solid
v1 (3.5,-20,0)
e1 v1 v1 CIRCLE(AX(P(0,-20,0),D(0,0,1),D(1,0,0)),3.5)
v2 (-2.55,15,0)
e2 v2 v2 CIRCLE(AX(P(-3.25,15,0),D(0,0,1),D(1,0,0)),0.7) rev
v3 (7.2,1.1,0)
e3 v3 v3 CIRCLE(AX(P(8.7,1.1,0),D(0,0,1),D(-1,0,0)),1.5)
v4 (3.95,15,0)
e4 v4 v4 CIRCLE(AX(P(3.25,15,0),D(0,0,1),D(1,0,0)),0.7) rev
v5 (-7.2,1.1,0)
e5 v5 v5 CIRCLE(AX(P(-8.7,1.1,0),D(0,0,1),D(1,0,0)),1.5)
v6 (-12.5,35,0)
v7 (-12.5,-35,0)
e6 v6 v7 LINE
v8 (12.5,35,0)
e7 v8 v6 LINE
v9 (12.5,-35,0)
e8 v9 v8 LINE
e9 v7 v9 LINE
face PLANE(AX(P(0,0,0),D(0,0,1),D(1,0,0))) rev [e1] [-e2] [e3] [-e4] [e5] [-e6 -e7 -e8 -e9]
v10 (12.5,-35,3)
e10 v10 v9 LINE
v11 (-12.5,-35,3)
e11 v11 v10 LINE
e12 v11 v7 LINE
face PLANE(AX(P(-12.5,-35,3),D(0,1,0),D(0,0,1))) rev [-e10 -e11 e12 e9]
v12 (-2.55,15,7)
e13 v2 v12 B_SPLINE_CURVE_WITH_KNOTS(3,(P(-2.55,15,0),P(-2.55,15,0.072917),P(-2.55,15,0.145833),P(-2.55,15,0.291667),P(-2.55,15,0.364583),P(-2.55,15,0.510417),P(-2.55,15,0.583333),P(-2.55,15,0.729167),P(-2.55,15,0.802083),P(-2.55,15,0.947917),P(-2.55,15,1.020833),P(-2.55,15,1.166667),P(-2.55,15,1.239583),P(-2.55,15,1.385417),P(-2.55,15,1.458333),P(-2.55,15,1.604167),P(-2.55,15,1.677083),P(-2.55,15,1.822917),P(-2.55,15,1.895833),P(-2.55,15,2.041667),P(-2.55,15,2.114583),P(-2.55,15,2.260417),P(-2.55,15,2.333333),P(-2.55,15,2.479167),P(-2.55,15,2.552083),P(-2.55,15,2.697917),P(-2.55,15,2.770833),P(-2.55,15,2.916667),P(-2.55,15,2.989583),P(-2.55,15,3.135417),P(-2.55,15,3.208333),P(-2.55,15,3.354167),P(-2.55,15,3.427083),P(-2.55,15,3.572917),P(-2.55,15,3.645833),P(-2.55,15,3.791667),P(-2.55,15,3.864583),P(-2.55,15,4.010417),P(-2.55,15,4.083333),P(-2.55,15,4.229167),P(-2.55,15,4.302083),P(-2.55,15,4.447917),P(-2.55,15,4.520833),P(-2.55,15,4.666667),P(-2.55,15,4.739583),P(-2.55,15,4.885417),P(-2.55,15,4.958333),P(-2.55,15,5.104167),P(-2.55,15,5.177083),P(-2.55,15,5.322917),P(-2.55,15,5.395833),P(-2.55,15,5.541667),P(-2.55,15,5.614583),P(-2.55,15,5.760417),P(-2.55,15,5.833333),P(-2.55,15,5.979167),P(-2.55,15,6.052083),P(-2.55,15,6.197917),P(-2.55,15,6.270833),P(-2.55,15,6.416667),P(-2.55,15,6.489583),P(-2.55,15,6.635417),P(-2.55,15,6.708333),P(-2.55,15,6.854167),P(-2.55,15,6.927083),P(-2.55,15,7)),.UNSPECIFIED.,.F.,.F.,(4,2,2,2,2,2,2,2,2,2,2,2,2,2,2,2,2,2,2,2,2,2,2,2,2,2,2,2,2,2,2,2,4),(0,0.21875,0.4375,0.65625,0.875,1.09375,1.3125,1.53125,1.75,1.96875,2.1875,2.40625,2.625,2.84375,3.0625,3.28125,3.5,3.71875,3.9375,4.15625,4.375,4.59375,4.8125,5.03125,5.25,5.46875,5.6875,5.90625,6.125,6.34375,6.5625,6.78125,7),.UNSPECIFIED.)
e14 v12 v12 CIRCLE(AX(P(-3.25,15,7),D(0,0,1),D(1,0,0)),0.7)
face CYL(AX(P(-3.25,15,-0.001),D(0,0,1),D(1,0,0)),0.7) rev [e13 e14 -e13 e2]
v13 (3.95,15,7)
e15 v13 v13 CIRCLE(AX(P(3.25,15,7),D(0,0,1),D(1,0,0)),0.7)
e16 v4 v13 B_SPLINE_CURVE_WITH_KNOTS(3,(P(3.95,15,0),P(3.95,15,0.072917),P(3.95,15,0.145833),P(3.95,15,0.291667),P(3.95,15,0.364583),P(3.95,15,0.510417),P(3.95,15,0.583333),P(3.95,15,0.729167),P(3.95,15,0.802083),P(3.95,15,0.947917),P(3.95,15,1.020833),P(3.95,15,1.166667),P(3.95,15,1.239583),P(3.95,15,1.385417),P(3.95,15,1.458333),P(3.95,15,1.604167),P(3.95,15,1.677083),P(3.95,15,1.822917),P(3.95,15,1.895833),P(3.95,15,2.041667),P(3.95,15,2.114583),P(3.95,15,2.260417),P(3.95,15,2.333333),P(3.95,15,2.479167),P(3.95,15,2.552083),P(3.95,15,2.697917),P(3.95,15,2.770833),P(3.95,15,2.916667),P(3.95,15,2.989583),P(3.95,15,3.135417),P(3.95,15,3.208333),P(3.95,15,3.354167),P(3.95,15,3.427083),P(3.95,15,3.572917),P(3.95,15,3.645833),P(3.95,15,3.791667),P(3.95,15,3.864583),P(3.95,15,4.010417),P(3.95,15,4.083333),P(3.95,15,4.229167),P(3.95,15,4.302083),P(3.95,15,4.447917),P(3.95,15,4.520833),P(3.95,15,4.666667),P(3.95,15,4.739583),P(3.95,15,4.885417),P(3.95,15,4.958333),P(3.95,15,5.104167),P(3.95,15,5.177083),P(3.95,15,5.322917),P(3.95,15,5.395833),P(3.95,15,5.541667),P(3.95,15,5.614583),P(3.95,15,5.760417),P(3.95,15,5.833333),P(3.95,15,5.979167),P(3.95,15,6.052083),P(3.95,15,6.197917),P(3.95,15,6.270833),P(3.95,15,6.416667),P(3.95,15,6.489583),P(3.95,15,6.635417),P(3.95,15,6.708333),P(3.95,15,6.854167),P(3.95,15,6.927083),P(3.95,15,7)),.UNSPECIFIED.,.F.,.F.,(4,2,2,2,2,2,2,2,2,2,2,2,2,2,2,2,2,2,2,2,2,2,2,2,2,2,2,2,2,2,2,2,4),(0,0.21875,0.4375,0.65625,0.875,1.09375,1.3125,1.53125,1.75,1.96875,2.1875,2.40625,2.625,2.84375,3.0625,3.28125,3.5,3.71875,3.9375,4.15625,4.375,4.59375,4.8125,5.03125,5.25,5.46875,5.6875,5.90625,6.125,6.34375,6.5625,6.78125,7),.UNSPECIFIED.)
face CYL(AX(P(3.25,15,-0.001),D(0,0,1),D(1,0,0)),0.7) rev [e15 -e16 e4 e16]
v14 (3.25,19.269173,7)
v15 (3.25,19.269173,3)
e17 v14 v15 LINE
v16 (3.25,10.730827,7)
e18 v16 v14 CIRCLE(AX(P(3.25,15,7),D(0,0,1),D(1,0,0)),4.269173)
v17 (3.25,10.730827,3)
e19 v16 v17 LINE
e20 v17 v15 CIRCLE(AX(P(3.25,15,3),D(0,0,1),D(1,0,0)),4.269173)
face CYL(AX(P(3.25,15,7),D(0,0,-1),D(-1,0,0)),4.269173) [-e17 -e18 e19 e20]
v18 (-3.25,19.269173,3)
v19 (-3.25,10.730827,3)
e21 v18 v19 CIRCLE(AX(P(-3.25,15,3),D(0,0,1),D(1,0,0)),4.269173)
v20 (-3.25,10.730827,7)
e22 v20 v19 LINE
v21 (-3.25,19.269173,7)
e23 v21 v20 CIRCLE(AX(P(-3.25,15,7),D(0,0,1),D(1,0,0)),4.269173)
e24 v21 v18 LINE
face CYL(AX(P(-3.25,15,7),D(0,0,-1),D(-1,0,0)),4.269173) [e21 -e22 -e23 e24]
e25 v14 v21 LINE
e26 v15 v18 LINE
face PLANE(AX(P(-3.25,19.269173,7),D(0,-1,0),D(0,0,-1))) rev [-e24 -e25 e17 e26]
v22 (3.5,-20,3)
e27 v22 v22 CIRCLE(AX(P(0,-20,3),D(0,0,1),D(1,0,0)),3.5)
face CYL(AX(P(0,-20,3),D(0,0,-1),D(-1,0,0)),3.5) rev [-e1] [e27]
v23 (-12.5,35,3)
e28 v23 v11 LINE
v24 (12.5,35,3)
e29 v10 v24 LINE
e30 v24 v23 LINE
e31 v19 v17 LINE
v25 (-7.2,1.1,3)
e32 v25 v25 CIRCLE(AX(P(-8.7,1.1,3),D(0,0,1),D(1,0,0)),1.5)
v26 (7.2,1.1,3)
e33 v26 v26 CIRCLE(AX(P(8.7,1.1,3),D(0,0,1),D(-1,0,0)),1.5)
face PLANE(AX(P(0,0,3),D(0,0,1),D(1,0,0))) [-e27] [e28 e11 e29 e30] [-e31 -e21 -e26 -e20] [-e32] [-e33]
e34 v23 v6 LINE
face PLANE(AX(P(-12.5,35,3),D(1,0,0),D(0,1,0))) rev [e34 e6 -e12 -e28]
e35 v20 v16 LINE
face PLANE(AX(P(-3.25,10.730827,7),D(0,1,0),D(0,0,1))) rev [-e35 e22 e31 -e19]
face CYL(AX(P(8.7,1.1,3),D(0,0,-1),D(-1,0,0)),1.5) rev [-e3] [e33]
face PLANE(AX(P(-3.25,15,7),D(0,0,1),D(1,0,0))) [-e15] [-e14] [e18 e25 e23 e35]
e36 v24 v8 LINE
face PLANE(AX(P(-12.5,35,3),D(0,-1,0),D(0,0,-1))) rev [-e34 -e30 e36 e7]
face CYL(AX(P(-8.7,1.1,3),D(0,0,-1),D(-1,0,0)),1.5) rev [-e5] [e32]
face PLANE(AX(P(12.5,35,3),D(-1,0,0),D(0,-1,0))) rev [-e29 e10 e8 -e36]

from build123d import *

# Parameters (mm, degrees)
SKETCH1_W           = 25
SKETCH1_H           = 70
SKETCH1_R           = 1.5
SKETCH1_R_2         = 3.5
BOSS_EXTRUDE1_DEPTH = 3
CUT_EXTRUDE1_REACH  = 39.286
SKETCH3_R           = 0.7
BOSS_EXTRUDE2_START = 4
SKETCH4_R           = 0.7
BOSS_EXTRUDE2_DEPTH = 4


with BuildPart() as part:
    # Sketch1 → Boss-Extrude1 (new body)
    with BuildSketch(Plane.XY):
        Rectangle(SKETCH1_W, SKETCH1_H)
        with Locations((-8.7, 1.1)):
            Circle(SKETCH1_R, mode=Mode.SUBTRACT)
        with Locations((0, -20)):
            Circle(SKETCH1_R_2, mode=Mode.SUBTRACT)
        with Locations(Location((8.7, 1.1, 0), (0, 0, 180))):
            Circle(SKETCH1_R, mode=Mode.SUBTRACT)
    extrude(amount=BOSS_EXTRUDE1_DEPTH)

    # Sketch3 → Cut-Extrude1 (cut, up to next)
    with BuildSketch(Plane.XY.offset(3), mode=Mode.PRIVATE) as cut_extrude1_sk1:
        with Locations((-3.25, 15)):
            Circle(SKETCH3_R)
    cut_extrude1_tool1 = extrude(cut_extrude1_sk1.sketch, amount=-CUT_EXTRUDE1_REACH, mode=Mode.PRIVATE) & part.part
    # Sketch3 → Cut-Extrude1 (cut, up to next)
    with BuildSketch(Plane.XY.offset(3), mode=Mode.PRIVATE) as cut_extrude1_sk2:
        with Locations((3.25, 15)):
            Circle(SKETCH3_R)
    cut_extrude1_tool2 = extrude(cut_extrude1_sk2.sketch, amount=-CUT_EXTRUDE1_REACH, mode=Mode.PRIVATE) & part.part
    add(cut_extrude1_tool1.solids().sort_by_distance((-3.25, 15, 3))[0], mode=Mode.SUBTRACT)
    add(cut_extrude1_tool2.solids().sort_by_distance((3.25, 15, 3))[0], mode=Mode.SUBTRACT)

    # Sketch4 → Boss-Extrude2 (add)
    with BuildSketch(Plane.XY.offset(3).offset(BOSS_EXTRUDE2_START)):
        with BuildLine():
            Line((-3.25, 19.269172648), (3.25, 19.269172648))
            ThreePointArc((3.25, 19.269172648), (7.519172648, 15), (3.25, 10.730827352))
            Line((3.25, 10.730827352), (-3.25, 10.730827352))
            ThreePointArc((-3.25, 10.730827352), (-7.519172648, 15), (-3.25, 19.269172648))
        make_face()
        with Locations((-3.25, 15)):
            Circle(SKETCH4_R, mode=Mode.SUBTRACT)
        with Locations((3.25, 15)):
            Circle(SKETCH4_R, mode=Mode.SUBTRACT)
    extrude(amount=-BOSS_EXTRUDE2_DEPTH)


solid = part.part
